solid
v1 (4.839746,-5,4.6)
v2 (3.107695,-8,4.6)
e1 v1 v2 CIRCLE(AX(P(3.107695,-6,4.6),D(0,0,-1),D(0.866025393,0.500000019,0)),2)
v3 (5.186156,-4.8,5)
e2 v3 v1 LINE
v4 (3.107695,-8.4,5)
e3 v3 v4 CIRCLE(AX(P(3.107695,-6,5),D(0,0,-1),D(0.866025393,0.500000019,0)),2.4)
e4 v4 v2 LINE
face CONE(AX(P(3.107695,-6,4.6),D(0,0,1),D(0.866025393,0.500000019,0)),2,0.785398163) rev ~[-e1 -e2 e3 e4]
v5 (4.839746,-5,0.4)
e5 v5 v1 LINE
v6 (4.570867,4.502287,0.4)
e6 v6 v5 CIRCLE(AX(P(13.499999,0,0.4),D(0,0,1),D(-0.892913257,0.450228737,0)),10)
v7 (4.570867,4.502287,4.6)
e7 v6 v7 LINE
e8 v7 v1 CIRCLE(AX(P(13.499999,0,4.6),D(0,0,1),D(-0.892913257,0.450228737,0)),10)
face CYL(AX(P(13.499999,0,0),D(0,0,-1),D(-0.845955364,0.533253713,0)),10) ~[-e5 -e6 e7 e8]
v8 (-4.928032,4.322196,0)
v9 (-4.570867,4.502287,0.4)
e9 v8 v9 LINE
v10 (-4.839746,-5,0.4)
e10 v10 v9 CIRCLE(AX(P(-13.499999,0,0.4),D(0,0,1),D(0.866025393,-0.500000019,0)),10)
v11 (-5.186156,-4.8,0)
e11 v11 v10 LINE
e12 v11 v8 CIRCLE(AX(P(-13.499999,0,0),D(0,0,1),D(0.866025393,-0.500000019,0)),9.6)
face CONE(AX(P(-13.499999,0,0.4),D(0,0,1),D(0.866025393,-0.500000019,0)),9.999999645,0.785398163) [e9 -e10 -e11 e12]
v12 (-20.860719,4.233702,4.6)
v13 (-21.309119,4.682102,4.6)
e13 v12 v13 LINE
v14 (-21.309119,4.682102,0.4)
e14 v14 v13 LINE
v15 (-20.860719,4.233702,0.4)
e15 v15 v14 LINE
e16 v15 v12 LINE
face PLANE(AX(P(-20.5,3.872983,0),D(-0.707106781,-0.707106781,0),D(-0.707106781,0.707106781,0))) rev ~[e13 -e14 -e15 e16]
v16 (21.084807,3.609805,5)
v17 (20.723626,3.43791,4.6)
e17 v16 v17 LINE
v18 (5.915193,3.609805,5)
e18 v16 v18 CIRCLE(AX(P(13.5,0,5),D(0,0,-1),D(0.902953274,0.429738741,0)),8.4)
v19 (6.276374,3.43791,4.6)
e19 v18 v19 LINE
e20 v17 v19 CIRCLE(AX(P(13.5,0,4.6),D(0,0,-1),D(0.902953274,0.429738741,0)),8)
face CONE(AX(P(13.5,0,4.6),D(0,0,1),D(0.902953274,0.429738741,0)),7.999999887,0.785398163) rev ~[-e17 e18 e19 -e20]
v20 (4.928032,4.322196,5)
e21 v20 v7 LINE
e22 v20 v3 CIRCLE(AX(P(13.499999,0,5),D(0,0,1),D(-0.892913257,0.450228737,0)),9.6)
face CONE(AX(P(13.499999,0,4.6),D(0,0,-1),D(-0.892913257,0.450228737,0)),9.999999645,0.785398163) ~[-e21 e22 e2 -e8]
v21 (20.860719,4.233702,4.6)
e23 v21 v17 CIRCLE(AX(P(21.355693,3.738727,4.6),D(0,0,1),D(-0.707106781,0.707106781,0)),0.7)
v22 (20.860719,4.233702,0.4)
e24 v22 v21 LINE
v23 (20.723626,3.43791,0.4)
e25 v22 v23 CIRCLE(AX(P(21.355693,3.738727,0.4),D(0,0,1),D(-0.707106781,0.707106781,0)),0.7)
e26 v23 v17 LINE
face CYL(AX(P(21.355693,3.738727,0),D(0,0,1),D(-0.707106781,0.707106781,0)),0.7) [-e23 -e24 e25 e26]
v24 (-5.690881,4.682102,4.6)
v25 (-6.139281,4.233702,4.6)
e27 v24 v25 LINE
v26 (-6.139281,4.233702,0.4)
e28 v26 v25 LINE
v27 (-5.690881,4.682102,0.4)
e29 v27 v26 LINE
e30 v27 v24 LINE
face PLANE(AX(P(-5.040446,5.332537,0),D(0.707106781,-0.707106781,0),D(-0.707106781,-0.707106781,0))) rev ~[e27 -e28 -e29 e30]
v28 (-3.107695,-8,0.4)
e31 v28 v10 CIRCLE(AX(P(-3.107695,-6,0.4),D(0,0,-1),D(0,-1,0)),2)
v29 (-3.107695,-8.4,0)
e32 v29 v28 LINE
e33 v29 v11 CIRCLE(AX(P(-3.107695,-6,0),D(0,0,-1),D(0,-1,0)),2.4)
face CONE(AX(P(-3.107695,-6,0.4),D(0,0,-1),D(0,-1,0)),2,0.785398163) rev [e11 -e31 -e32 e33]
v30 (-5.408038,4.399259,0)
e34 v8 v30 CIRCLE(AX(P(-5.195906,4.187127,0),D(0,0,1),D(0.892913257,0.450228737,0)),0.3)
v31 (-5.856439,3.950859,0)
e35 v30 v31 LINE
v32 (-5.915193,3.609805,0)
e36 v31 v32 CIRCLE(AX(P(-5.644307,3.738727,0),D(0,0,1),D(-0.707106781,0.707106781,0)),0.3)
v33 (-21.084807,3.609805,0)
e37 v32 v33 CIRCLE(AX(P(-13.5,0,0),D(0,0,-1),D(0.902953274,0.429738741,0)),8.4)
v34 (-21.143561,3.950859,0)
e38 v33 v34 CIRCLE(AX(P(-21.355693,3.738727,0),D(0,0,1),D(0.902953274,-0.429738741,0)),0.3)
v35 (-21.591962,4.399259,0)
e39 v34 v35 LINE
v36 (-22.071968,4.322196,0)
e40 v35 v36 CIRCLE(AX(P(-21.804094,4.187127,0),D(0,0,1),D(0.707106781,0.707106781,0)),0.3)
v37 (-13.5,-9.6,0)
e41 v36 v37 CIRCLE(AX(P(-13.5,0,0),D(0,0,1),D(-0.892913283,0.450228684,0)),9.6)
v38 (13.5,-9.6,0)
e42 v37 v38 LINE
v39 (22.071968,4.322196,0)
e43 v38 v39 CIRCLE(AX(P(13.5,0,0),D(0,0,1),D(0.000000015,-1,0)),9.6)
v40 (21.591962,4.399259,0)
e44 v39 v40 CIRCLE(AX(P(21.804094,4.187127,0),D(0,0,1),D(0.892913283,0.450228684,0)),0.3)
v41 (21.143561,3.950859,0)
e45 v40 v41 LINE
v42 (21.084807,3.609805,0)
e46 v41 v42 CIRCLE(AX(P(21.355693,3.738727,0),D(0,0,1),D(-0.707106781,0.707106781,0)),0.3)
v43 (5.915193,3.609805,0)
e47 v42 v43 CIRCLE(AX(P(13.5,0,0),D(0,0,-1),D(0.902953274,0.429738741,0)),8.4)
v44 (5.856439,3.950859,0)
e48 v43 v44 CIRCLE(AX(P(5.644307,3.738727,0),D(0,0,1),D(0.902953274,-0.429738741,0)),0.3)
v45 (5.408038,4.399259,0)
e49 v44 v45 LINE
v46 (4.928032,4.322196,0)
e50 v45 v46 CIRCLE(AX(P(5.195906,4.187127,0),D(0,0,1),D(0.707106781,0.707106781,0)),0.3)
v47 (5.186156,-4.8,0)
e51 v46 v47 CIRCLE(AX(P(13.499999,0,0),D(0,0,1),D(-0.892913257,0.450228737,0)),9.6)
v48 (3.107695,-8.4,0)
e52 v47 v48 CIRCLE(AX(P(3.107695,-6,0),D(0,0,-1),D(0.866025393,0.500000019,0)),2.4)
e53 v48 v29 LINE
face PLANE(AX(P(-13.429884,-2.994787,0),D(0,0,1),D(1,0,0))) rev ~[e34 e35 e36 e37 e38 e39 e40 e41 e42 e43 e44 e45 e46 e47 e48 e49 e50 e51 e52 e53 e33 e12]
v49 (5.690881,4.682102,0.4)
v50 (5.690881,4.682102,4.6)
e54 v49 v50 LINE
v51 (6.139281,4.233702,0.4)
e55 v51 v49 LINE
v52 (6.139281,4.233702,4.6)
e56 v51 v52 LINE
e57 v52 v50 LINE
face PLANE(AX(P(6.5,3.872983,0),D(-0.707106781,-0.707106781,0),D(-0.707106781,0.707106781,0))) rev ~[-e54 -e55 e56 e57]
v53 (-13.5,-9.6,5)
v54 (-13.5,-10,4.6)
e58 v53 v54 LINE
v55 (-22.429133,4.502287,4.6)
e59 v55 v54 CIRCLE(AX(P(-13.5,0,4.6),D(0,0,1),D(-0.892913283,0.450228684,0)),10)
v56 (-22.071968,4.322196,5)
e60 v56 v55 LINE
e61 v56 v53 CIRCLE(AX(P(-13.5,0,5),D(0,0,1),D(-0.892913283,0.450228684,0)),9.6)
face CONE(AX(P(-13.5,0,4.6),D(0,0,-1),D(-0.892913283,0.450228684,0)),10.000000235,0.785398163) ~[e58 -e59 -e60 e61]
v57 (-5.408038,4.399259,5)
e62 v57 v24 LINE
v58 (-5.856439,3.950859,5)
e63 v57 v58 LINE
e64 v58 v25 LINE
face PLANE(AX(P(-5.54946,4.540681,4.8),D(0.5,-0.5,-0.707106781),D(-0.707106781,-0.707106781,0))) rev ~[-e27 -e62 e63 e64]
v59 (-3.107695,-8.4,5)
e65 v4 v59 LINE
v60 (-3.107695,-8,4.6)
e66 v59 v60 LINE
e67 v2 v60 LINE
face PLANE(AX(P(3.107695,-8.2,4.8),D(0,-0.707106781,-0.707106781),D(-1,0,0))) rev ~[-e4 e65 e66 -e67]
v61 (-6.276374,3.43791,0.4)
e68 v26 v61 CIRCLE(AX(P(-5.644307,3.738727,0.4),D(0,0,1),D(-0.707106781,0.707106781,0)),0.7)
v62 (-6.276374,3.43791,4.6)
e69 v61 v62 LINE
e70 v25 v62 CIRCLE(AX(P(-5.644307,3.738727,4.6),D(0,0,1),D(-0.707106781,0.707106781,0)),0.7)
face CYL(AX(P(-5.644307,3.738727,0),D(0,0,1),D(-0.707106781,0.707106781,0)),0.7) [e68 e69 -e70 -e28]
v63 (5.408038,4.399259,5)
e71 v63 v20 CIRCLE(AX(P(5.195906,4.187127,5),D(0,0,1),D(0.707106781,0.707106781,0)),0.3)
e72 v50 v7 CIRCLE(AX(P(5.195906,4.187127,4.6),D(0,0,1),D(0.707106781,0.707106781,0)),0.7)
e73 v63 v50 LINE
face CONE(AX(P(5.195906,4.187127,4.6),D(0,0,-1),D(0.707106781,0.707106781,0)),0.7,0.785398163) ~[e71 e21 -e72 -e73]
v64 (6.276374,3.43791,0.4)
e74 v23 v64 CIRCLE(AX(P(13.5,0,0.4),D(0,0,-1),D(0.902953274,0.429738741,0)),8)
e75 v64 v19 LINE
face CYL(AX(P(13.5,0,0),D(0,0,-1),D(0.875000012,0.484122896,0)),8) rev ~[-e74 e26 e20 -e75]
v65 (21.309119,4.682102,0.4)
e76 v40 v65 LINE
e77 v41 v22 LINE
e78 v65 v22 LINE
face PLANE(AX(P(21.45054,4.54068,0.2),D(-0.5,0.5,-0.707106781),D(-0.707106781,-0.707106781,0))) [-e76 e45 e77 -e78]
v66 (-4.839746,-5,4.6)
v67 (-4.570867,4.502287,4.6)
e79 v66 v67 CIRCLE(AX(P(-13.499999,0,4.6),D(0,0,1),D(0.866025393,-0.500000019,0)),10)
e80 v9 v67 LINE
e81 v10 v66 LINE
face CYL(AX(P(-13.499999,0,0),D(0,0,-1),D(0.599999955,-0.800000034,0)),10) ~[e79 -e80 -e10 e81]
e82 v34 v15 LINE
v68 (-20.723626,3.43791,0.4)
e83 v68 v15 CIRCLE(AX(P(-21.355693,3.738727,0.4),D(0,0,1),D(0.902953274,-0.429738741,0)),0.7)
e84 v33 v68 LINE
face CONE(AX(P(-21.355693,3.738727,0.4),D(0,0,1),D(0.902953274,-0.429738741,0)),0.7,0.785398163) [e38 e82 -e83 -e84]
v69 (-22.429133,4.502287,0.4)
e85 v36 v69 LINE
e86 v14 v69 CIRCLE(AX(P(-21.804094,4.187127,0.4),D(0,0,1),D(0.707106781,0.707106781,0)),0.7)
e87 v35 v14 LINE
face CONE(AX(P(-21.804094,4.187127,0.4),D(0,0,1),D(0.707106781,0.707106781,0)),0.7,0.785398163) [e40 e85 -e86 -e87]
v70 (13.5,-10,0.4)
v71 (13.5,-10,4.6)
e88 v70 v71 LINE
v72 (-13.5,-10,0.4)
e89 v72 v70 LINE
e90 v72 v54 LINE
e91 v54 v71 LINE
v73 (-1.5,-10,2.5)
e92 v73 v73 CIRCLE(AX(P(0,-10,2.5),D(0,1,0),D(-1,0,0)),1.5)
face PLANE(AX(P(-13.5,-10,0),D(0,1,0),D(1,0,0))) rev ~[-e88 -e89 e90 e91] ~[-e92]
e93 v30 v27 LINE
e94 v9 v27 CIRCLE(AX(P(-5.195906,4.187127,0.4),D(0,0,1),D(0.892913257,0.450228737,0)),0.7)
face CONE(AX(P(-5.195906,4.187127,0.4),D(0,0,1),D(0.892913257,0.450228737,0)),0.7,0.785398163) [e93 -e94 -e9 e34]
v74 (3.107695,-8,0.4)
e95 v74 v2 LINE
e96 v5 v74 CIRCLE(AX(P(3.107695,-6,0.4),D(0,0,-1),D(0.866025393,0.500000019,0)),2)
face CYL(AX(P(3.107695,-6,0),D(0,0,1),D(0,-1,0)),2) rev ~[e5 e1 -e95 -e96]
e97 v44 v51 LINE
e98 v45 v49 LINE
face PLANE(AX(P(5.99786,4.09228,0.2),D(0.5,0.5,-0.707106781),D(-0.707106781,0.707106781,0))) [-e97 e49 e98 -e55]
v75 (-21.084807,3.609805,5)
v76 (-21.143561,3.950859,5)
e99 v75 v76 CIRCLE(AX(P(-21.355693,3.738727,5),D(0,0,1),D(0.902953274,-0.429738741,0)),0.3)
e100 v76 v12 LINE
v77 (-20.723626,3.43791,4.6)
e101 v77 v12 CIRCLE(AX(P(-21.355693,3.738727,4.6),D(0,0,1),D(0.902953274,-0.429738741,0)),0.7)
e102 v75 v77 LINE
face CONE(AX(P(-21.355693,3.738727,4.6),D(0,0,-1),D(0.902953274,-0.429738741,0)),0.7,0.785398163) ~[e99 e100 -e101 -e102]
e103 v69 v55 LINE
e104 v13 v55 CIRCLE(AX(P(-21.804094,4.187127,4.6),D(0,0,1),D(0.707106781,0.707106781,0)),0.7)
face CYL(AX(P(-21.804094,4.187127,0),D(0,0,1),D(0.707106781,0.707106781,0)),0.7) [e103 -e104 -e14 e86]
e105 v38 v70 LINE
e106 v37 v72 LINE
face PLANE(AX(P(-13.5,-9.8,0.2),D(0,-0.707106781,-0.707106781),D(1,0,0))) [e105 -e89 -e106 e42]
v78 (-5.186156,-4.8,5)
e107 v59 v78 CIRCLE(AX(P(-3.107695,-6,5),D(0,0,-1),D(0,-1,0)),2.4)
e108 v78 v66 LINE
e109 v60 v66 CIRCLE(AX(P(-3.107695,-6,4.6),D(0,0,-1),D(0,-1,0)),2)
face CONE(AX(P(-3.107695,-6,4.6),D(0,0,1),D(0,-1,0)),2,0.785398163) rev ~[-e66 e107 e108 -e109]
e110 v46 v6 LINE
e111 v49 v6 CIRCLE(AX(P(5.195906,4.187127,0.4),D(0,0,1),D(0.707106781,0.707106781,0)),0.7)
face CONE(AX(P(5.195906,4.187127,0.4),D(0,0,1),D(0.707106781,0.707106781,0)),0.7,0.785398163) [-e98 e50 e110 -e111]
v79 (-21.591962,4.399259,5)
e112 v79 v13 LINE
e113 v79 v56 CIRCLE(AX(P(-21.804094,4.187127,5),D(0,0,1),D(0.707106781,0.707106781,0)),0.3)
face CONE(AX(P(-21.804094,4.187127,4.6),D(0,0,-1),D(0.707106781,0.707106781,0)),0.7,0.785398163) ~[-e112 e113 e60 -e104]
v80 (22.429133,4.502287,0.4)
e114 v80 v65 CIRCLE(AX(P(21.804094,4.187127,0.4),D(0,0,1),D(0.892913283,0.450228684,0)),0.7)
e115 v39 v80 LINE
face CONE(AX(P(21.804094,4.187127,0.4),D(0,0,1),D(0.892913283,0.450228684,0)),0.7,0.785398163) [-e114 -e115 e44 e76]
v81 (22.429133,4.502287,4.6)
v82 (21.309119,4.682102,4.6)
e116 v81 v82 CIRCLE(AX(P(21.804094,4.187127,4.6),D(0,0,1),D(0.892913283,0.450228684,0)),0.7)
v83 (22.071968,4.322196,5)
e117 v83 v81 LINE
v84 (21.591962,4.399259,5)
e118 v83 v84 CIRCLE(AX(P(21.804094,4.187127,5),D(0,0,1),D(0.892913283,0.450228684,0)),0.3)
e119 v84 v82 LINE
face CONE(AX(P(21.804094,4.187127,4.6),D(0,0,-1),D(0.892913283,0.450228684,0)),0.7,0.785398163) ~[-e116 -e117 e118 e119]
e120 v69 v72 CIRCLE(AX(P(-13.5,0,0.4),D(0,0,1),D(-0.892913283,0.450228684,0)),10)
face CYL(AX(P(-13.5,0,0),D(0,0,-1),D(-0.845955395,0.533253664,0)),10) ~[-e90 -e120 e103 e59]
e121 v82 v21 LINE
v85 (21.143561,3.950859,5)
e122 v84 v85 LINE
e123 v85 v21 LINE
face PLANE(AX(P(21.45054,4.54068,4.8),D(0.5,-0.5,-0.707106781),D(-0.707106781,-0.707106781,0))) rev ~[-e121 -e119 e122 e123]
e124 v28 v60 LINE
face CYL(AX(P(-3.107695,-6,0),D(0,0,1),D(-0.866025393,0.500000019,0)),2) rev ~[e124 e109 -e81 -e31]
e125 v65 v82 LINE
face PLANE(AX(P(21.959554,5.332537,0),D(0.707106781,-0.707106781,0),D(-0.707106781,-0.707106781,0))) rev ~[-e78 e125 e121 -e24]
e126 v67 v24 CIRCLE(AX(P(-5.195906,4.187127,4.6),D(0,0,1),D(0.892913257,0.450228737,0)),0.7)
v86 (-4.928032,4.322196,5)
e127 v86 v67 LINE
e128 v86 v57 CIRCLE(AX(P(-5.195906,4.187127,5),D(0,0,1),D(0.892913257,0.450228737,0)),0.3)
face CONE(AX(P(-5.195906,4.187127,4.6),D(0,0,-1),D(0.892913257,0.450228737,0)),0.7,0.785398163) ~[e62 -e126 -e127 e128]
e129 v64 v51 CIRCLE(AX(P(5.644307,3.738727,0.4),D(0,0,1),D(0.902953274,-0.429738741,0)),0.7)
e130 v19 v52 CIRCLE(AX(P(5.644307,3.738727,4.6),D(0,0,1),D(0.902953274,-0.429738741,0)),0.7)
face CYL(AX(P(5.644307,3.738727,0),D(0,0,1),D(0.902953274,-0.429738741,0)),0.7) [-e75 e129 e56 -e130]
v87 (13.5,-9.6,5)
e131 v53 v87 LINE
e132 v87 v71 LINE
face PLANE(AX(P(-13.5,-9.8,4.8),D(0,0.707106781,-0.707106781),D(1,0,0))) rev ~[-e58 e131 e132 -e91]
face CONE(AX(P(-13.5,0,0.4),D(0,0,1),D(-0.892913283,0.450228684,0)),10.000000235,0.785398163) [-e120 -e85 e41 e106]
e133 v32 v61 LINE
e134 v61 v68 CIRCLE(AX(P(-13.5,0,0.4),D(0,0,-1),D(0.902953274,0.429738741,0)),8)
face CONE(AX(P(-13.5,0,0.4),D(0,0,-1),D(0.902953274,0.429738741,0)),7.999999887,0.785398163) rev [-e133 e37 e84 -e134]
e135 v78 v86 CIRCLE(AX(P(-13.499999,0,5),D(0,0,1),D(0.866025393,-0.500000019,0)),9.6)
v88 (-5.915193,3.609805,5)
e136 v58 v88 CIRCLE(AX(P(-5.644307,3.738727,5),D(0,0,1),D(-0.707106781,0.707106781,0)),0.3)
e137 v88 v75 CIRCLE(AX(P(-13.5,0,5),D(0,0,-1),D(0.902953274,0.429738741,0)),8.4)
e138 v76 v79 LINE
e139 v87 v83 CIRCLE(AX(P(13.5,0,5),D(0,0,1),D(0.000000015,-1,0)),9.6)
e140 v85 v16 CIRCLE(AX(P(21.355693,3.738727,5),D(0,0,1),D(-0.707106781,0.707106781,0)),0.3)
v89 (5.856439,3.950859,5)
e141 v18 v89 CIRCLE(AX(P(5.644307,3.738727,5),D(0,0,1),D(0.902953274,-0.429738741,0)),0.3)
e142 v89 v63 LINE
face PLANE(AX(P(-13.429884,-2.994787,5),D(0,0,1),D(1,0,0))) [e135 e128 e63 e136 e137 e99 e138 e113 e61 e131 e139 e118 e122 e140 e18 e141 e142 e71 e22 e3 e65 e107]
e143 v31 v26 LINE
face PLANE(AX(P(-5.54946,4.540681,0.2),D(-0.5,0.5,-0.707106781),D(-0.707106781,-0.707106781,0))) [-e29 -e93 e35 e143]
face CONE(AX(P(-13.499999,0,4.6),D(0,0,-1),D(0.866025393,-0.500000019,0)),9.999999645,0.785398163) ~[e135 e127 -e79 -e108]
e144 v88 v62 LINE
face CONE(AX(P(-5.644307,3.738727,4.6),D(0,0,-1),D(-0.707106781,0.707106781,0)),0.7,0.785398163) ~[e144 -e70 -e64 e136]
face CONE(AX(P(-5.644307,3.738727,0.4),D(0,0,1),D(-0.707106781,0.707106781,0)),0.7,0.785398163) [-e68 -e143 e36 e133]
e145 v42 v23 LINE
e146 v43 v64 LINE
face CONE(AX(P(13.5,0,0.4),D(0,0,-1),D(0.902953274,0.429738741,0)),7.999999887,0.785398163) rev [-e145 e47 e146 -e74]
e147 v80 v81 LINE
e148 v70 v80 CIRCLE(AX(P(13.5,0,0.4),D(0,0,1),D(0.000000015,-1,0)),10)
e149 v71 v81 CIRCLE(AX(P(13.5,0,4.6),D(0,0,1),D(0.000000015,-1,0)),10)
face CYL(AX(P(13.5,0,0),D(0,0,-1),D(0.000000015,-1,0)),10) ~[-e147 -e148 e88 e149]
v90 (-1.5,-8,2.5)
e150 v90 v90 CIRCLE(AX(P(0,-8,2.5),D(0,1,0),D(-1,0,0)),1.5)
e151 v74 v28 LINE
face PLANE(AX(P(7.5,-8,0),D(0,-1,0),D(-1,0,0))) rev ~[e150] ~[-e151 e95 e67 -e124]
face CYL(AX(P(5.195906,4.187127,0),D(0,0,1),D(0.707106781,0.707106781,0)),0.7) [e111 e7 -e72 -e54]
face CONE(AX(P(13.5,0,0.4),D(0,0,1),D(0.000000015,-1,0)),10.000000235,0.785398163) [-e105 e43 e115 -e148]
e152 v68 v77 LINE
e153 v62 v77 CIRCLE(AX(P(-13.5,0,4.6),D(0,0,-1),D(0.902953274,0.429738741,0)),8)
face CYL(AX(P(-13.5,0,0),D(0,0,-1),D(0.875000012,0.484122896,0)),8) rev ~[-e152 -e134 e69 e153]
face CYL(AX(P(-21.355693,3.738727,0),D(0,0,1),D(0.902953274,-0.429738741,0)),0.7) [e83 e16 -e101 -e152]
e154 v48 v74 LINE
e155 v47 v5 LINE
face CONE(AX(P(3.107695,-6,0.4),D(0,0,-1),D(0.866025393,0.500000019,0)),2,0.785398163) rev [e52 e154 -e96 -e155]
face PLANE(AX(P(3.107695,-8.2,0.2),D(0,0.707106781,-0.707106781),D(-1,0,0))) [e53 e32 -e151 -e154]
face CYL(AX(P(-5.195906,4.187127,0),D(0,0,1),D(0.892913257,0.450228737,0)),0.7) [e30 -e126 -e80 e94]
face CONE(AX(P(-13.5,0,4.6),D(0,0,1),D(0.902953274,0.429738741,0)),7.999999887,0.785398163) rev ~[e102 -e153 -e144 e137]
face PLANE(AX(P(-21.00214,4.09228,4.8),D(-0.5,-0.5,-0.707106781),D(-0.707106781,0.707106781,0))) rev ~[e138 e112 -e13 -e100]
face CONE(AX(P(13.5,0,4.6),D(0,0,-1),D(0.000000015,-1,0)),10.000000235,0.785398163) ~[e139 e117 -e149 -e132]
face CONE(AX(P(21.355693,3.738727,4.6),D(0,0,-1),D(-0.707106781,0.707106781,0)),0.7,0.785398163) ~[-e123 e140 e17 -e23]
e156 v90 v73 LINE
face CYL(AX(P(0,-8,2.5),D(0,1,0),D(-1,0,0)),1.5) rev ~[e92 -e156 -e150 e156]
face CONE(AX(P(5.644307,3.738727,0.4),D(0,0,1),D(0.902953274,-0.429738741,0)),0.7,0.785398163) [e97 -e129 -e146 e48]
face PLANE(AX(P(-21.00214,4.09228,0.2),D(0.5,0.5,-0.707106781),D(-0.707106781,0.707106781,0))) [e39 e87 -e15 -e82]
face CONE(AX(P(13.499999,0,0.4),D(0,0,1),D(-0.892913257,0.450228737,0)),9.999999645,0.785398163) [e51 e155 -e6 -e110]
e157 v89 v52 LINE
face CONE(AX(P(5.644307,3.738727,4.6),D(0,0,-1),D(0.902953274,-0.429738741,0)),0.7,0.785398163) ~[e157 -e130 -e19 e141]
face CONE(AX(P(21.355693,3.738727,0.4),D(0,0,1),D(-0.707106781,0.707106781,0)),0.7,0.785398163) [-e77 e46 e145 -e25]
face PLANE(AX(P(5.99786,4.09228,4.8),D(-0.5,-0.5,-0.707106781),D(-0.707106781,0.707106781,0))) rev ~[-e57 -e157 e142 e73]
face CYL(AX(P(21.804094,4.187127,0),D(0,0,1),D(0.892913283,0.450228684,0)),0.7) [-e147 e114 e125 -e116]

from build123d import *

# Parameters (mm, degrees)
F1_DEPTH = 5
F2_R     = 0.7
F3_R     = 2
F4_SIZE  = 0.4
F5_R     = 1.5
F6_DEPTH = 2.001


with BuildPart() as f1:
    # F0 (on Top) → F1 (new body)
    with BuildSketch(Plane.XY):
        with BuildLine():
            ThreePointArc((-7.5, -8), (-3.665936, -1.814164), (-5.040446, 5.332537))
            Line((-5.040446, 5.332537), (-6.5, 3.872983))
            ThreePointArc((-6.5, 3.872983), (-13.5, -8), (-20.5, 3.872983))
            Line((-20.5, 3.872983), (-21.959554, 5.332537))
            ThreePointArc((-21.959554, 5.332537), (-22.255723, -4.830871), (-13.5, -10))
            ThreePointArc((-13.5, -10), (-10.337722, -9.486833), (-7.5, -8))
        make_face()
        with BuildLine():
            Line((7.5, -8), (-7.5, -8))
            ThreePointArc((-7.5, -8), (-10.337722, -9.486833), (-13.5, -10))
            Line((-13.5, -10), (13.5, -10))
            ThreePointArc((13.5, -10), (10.337722, -9.486833), (7.5, -8))
        make_face()
        with BuildLine():
            ThreePointArc((5.040446, 5.332537), (3.665936, -1.814164), (7.5, -8))
            ThreePointArc((7.5, -8), (10.337722, -9.486833), (13.5, -10))
            ThreePointArc((13.5, -10), (22.255723, -4.830871), (21.959554, 5.332537))
            Line((21.959554, 5.332537), (20.5, 3.872983))
            ThreePointArc((20.5, 3.872983), (13.5, -8), (6.5, 3.872983))
            Line((6.5, 3.872983), (5.040446, 5.332537))
        make_face()
    extrude(amount=F1_DEPTH)

    # F2
    f2_edges = [f1.edges().sort_by_distance(p)[0] for p in [
        (5.040446, 5.332537, 2.5),
        (6.5, 3.872983, 2.5),
        (20.5, 3.872983, 2.5),
        (21.959554, 5.332537, 2.5),
        (-5.040446, 5.332537, 2.5),
        (-6.5, 3.872983, 2.5),
        (-21.959554, 5.332537, 2.5),
        (-20.5, 3.872983, 2.5),
    ]]
    fillet(f2_edges, radius=F2_R)

    # F3
    f3_edges = [f1.edges().sort_by_distance(p)[0] for p in [
        (-7.5, -8, 2.5),
        (7.5, -8, 2.5),
    ]]
    fillet(f3_edges, radius=F3_R)

    # F4
    f4_edges = [f1.edges().sort_by_distance(p)[0] for p in [
        (3.504001, -0.282849, 0),
        (4.839746, -7, 0),
        (5.084945, 4.878277, 0),
        (0, -8, 0),
        (5.915081, 4.457902, 0),
        (-4.839746, -7, 0),
        (6.334145, 3.857567, 0),
        (-3.504001, -0.282849, 0),
        (13.5, -8, 0),
        (-5.084945, 4.878277, 0),
        (20.665855, 3.857567, 0),
        (-5.915081, 4.457902, 0),
        (21.084919, 4.457902, 0),
        (-6.334145, 3.857567, 0),
        (21.915055, 4.878277, 0),
        (-13.5, -8, 0),
        (22.015365, -5.242954, 0),
        (-20.665855, 3.857567, 0),
        (0, -10, 0),
        (-21.084919, 4.457902, 0),
        (-22.015365, -5.242954, 0),
        (-21.915055, 4.878277, 0),
        (3.504001, -0.282849, 5),
        (4.839746, -7, 5),
        (5.084945, 4.878277, 5),
        (0, -8, 5),
        (5.915081, 4.457902, 5),
        (-4.839746, -7, 5),
        (6.334145, 3.857567, 5),
        (-3.504001, -0.282849, 5),
        (13.5, -8, 5),
        (-5.084945, 4.878277, 5),
        (20.665855, 3.857567, 5),
        (-5.915081, 4.457902, 5),
        (21.084919, 4.457902, 5),
        (-6.334145, 3.857567, 5),
        (21.915055, 4.878277, 5),
        (-13.5, -8, 5),
        (22.015365, -5.242954, 5),
        (-20.665855, 3.857567, 5),
        (0, -10, 5),
        (-21.084919, 4.457902, 5),
        (-22.015365, -5.242954, 5),
        (-21.915055, 4.878277, 5),
    ]]
    chamfer(f4_edges, length=F4_SIZE)

    # F5 (on face) → F6 (cut, through all)
    with BuildSketch(Plane(origin=(0, -8, 0), x_dir=(-1, 0, 0), z_dir=(0, 1, 0))):
        with Locations((0, 2.5)):
            Circle(F5_R)
    extrude(amount=-F6_DEPTH, mode=Mode.SUBTRACT)


solid = f1.part
